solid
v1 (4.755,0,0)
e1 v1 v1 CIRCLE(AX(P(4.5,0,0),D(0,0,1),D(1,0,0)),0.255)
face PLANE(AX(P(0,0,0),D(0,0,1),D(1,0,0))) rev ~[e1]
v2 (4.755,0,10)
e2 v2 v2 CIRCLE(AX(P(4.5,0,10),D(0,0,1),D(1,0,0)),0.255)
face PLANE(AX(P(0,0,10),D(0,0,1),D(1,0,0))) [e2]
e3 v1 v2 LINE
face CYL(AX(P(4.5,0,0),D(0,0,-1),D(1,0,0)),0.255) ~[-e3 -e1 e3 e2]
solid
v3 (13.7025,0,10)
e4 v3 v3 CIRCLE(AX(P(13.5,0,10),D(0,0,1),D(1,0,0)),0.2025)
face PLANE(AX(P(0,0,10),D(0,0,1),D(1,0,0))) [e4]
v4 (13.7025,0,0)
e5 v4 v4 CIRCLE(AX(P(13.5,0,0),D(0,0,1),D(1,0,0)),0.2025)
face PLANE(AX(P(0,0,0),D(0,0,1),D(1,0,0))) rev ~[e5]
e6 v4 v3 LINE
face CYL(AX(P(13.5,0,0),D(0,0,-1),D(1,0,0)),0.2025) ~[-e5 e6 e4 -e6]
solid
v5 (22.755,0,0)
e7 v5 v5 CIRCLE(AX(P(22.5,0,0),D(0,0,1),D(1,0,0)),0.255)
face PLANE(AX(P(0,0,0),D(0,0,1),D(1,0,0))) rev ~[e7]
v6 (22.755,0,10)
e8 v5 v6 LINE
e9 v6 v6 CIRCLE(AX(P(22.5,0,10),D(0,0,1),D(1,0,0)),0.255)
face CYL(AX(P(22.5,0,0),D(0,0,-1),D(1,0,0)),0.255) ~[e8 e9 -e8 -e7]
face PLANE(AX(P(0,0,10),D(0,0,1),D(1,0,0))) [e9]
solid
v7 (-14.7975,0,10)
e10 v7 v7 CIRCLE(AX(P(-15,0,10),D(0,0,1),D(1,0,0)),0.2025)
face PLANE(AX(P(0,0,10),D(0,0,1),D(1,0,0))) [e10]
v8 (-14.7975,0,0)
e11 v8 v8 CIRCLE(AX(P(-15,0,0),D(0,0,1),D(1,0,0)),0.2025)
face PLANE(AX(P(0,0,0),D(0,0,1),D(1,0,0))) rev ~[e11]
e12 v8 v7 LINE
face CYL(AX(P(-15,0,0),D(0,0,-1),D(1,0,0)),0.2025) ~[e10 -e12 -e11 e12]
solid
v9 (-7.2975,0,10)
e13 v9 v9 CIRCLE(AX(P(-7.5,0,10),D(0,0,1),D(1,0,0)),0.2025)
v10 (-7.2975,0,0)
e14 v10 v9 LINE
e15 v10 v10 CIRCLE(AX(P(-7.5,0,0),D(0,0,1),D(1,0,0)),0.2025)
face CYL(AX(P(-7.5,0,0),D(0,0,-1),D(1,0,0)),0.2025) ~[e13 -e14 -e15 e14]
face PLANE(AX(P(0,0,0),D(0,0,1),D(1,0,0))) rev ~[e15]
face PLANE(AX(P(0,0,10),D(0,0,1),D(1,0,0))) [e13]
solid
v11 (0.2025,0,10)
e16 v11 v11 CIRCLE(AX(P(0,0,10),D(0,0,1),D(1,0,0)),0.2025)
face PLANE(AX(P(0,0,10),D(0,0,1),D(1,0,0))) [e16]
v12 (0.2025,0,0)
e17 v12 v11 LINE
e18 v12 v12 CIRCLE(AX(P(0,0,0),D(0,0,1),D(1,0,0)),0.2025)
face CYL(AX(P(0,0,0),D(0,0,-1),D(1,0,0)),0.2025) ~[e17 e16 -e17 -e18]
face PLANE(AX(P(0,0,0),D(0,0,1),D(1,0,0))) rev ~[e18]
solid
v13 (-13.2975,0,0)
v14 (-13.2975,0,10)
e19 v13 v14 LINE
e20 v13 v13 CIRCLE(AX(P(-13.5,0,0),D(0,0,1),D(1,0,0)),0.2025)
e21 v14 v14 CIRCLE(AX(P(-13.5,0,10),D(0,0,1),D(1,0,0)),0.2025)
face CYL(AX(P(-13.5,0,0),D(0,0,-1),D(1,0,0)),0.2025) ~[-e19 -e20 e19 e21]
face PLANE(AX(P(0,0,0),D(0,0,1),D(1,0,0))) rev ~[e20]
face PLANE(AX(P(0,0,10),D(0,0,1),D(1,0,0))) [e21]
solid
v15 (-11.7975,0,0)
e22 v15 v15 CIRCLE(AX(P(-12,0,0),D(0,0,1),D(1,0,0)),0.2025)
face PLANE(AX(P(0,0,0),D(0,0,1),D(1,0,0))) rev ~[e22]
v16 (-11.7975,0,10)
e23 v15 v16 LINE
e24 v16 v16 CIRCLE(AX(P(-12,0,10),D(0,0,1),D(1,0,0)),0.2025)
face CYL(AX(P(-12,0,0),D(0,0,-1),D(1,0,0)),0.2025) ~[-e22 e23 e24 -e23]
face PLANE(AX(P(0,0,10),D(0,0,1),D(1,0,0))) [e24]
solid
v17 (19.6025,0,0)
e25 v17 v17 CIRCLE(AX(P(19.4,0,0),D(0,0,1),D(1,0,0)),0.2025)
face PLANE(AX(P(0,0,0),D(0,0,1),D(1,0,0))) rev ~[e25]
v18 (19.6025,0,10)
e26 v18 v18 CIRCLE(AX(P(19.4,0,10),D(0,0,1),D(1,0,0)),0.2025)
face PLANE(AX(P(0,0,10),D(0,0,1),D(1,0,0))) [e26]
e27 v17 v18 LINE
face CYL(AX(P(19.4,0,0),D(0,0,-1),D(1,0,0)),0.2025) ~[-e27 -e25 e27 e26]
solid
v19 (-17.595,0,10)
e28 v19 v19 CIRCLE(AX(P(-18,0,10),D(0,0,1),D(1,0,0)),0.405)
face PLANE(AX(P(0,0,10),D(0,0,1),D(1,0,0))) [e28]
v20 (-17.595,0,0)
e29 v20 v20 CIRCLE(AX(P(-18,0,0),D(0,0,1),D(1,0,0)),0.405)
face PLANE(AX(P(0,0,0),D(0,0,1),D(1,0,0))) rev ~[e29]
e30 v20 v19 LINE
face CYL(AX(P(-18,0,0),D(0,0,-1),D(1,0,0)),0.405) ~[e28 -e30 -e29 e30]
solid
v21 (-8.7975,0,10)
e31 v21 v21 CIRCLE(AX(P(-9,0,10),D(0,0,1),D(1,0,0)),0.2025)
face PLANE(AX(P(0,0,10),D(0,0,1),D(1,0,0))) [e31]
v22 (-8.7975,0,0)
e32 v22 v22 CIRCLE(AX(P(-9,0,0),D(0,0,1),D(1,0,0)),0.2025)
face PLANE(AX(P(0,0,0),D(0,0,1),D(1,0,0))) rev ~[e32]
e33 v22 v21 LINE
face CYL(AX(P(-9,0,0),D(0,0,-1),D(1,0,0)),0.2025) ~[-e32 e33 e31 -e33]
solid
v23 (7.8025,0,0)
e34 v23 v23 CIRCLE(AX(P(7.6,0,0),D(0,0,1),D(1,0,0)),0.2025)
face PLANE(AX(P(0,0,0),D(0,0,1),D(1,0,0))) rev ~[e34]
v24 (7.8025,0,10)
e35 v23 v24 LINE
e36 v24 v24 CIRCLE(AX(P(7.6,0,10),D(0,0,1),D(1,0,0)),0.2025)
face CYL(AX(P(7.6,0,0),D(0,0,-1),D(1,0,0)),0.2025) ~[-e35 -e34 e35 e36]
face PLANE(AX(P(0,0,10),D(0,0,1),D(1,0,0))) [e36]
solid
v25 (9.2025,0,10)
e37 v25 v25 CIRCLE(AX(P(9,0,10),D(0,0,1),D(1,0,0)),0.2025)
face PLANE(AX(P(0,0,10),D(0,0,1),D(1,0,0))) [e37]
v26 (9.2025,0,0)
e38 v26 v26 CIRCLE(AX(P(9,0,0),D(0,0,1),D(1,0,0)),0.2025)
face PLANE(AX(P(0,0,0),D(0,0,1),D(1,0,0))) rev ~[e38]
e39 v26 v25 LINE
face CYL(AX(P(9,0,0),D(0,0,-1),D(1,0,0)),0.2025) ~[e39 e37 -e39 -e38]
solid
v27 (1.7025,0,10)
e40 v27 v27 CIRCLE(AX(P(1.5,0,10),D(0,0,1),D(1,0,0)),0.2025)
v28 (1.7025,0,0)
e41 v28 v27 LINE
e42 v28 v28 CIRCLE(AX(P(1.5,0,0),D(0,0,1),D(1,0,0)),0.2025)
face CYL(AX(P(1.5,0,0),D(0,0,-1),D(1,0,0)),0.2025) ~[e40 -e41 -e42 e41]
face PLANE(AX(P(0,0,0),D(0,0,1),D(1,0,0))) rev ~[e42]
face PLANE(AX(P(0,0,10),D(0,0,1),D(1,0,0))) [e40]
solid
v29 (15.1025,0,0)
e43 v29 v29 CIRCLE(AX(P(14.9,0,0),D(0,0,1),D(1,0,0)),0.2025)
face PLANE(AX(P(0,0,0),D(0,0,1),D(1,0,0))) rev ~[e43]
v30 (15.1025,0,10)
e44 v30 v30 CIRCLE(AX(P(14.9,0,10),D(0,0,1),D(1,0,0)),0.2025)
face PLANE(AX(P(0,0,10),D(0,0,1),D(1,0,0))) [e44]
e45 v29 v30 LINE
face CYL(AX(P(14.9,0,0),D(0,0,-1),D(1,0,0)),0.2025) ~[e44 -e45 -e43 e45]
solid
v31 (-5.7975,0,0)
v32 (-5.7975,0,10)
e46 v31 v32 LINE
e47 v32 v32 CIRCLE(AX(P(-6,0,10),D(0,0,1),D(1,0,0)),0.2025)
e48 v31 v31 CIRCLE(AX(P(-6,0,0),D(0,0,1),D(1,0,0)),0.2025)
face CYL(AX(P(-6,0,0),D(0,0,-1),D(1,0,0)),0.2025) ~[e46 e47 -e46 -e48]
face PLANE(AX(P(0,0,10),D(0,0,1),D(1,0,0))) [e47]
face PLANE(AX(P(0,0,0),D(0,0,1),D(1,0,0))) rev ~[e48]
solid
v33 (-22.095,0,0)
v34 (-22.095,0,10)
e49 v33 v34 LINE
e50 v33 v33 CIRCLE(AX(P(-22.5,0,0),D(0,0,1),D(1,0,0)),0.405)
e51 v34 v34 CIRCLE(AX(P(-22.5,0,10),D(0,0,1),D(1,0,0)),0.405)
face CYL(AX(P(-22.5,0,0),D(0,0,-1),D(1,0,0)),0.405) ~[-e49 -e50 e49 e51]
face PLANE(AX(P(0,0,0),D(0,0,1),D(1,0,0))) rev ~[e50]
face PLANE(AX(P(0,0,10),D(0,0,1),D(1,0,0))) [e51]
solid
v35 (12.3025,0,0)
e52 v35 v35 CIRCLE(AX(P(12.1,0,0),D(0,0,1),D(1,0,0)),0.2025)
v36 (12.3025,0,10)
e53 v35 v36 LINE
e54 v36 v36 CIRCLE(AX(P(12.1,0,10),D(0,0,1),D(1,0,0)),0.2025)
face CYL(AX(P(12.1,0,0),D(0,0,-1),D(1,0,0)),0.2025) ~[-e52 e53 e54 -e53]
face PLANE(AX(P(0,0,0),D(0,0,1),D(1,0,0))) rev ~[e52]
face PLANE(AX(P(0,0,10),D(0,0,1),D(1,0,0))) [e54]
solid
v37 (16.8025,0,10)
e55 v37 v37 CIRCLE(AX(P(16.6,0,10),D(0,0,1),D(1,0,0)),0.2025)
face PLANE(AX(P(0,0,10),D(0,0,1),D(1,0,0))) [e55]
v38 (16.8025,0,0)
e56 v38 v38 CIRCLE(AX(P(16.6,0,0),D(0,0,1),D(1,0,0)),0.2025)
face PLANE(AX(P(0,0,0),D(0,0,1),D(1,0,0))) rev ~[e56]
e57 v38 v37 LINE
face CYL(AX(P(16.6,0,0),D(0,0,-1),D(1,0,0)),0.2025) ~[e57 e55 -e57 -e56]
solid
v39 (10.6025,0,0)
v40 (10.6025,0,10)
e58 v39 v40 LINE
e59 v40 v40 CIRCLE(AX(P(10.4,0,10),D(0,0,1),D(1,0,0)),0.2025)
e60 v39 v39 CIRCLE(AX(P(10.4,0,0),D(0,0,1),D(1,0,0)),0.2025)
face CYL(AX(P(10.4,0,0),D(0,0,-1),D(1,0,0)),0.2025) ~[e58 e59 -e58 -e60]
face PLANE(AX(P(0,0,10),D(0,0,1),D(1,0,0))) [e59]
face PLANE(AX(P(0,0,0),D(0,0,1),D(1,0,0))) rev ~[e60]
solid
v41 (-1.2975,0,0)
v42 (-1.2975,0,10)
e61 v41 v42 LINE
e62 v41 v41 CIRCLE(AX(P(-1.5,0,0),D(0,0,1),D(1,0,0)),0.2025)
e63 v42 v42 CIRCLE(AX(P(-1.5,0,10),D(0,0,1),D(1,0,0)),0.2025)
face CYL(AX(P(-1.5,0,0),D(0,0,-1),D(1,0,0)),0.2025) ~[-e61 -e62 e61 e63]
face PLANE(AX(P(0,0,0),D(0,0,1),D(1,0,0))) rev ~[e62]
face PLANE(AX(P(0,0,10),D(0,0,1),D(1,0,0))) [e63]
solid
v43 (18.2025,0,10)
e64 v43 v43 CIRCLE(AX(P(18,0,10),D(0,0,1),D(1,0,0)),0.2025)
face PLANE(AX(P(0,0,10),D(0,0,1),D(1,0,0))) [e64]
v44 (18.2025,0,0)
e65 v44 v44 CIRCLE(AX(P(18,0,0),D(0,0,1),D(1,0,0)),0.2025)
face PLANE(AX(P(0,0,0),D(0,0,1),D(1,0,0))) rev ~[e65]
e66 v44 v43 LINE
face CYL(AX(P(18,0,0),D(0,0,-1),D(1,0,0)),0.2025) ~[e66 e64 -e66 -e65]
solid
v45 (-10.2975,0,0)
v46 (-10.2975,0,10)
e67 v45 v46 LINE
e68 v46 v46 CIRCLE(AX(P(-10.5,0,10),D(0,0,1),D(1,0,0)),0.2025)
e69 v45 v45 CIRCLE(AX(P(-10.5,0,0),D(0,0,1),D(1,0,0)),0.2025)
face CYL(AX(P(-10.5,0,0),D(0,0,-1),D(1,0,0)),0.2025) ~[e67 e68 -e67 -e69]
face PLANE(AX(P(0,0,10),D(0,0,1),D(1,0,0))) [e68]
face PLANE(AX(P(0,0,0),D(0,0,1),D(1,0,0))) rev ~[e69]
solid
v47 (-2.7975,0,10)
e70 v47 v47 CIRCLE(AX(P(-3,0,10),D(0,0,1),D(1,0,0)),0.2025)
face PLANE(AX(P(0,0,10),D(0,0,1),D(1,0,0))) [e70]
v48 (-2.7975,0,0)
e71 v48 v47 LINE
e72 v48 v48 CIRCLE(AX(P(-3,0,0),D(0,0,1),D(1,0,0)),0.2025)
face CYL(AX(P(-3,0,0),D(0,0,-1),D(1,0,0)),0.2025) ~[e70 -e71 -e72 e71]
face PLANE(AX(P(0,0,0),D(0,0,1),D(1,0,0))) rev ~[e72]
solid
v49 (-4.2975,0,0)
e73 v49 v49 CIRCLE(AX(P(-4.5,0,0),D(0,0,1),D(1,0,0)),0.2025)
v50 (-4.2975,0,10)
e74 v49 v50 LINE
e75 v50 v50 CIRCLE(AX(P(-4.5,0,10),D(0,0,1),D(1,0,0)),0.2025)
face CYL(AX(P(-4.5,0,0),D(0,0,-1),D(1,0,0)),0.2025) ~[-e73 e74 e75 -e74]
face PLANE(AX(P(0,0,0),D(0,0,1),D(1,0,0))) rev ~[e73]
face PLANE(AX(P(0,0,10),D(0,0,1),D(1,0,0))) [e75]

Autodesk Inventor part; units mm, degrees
ref_plane "YZ Plane" through (0, 0, 0) normal (1, 0, 0) x (0, 1, 0)
ref_plane "XZ Plane" through (0, 0, 0) normal (0, 1, 0) x (-1, 0, 0)
ref_plane "XY Plane" through (0, 0, 0) normal (0, 0, 1) x (1, 0, 0)
sketch "Sketch1" plane through (0, 0, 0) normal (0, 0, 1) x (1, 0, 0)
  line L0 (0, 0) -> (0, 3.9873) construction
  line L1 (0, 0) -> (2.2526, 0) construction
  circle A0 centre (22.5, 0) radius 0.255
  circle A1 centre (19.4, 0) radius 0.2025
  circle A2 centre (18, 0) radius 0.2025
  circle A3 centre (16.6, 0) radius 0.2025
  circle A4 centre (14.9, 0) radius 0.2025
  circle A5 centre (13.5, 0) radius 0.2025
  circle A6 centre (12.1, 0) radius 0.2025
  circle A7 centre (10.4, 0) radius 0.2025
  circle A8 centre (9, 0) radius 0.2025
  circle A9 centre (7.6, 0) radius 0.2025
  circle A10 centre (4.5, 0) radius 0.255
  circle A11 centre (1.5, 0) radius 0.2025
  circle A12 centre (0, 0) radius 0.2025
  circle A13 centre (-1.5, 0) radius 0.2025
  circle A14 centre (-3, 0) radius 0.2025
  circle A15 centre (-4.5, 0) radius 0.2025
  circle A16 centre (-6, 0) radius 0.2025
  circle A17 centre (-7.5, 0) radius 0.2025
  circle A18 centre (-9, 0) radius 0.2025
  circle A19 centre (-10.5, 0) radius 0.2025
  circle A20 centre (-12, 0) radius 0.2025
  circle A21 centre (-13.5, 0) radius 0.2025
  circle A22 centre (-15, 0) radius 0.2025
  circle A23 centre (-18, 0) radius 0.405
  circle A24 centre (-22.5, 0) radius 0.405
  dimension "d1" = 0.51
  dimension "d2" = 0.405
  dimension "d3" = 0.405
  dimension "d4" = 0.405
  dimension "d5" = 0.405
  dimension "d6" = 0.405
  dimension "d7" = 0.405
  dimension "d8" = 0.405
  dimension "d9" = 0.405
  dimension "d10" = 0.405
  dimension "d11" = 0.51
  dimension "d12" = 0.405
  dimension "d13" = 0.405
  dimension "d14" = 0.405
  dimension "d15" = 0.405
  dimension "d16" = 0.405
  dimension "d17" = 0.405
  dimension "d18" = 0.405
  dimension "d19" = 0.405
  dimension "d20" = 0.405
  dimension "d21" = 0.405
  dimension "d22" = 0.405
  dimension "d23" = 0.405
  dimension "d24" = 0.81
  dimension "d25" = 0.81
  dimension "d26" = 3.1
  dimension "d27" = 1.4
  dimension "d28" = 1.4
  dimension "d29" = 1.7
  dimension "d30" = 1.4
  dimension "d31" = 1.4
  dimension "d32" = 1.7
  dimension "d33" = 1.4
  dimension "d34" = 1.4
  dimension "d35" = 3.1
  dimension "d36" = 3
  dimension "d37" = 1.5
  dimension "d38" = 1.5
  dimension "d39" = 1.5
  dimension "d40" = 1.5
  dimension "d41" = 1.5
  dimension "d42" = 1.5
  dimension "d43" = 1.5
  dimension "d44" = 1.5
  dimension "d45" = 1.5
  dimension "d46" = 1.5
  dimension "d47" = 1.5
  dimension "d48" = 3
  dimension "d49" = 4.5
extrude "Extrusion1" add sketch "Sketch1" along normal blind 10
properties part number "3d_LM-Welding_Tooling - Wire"
